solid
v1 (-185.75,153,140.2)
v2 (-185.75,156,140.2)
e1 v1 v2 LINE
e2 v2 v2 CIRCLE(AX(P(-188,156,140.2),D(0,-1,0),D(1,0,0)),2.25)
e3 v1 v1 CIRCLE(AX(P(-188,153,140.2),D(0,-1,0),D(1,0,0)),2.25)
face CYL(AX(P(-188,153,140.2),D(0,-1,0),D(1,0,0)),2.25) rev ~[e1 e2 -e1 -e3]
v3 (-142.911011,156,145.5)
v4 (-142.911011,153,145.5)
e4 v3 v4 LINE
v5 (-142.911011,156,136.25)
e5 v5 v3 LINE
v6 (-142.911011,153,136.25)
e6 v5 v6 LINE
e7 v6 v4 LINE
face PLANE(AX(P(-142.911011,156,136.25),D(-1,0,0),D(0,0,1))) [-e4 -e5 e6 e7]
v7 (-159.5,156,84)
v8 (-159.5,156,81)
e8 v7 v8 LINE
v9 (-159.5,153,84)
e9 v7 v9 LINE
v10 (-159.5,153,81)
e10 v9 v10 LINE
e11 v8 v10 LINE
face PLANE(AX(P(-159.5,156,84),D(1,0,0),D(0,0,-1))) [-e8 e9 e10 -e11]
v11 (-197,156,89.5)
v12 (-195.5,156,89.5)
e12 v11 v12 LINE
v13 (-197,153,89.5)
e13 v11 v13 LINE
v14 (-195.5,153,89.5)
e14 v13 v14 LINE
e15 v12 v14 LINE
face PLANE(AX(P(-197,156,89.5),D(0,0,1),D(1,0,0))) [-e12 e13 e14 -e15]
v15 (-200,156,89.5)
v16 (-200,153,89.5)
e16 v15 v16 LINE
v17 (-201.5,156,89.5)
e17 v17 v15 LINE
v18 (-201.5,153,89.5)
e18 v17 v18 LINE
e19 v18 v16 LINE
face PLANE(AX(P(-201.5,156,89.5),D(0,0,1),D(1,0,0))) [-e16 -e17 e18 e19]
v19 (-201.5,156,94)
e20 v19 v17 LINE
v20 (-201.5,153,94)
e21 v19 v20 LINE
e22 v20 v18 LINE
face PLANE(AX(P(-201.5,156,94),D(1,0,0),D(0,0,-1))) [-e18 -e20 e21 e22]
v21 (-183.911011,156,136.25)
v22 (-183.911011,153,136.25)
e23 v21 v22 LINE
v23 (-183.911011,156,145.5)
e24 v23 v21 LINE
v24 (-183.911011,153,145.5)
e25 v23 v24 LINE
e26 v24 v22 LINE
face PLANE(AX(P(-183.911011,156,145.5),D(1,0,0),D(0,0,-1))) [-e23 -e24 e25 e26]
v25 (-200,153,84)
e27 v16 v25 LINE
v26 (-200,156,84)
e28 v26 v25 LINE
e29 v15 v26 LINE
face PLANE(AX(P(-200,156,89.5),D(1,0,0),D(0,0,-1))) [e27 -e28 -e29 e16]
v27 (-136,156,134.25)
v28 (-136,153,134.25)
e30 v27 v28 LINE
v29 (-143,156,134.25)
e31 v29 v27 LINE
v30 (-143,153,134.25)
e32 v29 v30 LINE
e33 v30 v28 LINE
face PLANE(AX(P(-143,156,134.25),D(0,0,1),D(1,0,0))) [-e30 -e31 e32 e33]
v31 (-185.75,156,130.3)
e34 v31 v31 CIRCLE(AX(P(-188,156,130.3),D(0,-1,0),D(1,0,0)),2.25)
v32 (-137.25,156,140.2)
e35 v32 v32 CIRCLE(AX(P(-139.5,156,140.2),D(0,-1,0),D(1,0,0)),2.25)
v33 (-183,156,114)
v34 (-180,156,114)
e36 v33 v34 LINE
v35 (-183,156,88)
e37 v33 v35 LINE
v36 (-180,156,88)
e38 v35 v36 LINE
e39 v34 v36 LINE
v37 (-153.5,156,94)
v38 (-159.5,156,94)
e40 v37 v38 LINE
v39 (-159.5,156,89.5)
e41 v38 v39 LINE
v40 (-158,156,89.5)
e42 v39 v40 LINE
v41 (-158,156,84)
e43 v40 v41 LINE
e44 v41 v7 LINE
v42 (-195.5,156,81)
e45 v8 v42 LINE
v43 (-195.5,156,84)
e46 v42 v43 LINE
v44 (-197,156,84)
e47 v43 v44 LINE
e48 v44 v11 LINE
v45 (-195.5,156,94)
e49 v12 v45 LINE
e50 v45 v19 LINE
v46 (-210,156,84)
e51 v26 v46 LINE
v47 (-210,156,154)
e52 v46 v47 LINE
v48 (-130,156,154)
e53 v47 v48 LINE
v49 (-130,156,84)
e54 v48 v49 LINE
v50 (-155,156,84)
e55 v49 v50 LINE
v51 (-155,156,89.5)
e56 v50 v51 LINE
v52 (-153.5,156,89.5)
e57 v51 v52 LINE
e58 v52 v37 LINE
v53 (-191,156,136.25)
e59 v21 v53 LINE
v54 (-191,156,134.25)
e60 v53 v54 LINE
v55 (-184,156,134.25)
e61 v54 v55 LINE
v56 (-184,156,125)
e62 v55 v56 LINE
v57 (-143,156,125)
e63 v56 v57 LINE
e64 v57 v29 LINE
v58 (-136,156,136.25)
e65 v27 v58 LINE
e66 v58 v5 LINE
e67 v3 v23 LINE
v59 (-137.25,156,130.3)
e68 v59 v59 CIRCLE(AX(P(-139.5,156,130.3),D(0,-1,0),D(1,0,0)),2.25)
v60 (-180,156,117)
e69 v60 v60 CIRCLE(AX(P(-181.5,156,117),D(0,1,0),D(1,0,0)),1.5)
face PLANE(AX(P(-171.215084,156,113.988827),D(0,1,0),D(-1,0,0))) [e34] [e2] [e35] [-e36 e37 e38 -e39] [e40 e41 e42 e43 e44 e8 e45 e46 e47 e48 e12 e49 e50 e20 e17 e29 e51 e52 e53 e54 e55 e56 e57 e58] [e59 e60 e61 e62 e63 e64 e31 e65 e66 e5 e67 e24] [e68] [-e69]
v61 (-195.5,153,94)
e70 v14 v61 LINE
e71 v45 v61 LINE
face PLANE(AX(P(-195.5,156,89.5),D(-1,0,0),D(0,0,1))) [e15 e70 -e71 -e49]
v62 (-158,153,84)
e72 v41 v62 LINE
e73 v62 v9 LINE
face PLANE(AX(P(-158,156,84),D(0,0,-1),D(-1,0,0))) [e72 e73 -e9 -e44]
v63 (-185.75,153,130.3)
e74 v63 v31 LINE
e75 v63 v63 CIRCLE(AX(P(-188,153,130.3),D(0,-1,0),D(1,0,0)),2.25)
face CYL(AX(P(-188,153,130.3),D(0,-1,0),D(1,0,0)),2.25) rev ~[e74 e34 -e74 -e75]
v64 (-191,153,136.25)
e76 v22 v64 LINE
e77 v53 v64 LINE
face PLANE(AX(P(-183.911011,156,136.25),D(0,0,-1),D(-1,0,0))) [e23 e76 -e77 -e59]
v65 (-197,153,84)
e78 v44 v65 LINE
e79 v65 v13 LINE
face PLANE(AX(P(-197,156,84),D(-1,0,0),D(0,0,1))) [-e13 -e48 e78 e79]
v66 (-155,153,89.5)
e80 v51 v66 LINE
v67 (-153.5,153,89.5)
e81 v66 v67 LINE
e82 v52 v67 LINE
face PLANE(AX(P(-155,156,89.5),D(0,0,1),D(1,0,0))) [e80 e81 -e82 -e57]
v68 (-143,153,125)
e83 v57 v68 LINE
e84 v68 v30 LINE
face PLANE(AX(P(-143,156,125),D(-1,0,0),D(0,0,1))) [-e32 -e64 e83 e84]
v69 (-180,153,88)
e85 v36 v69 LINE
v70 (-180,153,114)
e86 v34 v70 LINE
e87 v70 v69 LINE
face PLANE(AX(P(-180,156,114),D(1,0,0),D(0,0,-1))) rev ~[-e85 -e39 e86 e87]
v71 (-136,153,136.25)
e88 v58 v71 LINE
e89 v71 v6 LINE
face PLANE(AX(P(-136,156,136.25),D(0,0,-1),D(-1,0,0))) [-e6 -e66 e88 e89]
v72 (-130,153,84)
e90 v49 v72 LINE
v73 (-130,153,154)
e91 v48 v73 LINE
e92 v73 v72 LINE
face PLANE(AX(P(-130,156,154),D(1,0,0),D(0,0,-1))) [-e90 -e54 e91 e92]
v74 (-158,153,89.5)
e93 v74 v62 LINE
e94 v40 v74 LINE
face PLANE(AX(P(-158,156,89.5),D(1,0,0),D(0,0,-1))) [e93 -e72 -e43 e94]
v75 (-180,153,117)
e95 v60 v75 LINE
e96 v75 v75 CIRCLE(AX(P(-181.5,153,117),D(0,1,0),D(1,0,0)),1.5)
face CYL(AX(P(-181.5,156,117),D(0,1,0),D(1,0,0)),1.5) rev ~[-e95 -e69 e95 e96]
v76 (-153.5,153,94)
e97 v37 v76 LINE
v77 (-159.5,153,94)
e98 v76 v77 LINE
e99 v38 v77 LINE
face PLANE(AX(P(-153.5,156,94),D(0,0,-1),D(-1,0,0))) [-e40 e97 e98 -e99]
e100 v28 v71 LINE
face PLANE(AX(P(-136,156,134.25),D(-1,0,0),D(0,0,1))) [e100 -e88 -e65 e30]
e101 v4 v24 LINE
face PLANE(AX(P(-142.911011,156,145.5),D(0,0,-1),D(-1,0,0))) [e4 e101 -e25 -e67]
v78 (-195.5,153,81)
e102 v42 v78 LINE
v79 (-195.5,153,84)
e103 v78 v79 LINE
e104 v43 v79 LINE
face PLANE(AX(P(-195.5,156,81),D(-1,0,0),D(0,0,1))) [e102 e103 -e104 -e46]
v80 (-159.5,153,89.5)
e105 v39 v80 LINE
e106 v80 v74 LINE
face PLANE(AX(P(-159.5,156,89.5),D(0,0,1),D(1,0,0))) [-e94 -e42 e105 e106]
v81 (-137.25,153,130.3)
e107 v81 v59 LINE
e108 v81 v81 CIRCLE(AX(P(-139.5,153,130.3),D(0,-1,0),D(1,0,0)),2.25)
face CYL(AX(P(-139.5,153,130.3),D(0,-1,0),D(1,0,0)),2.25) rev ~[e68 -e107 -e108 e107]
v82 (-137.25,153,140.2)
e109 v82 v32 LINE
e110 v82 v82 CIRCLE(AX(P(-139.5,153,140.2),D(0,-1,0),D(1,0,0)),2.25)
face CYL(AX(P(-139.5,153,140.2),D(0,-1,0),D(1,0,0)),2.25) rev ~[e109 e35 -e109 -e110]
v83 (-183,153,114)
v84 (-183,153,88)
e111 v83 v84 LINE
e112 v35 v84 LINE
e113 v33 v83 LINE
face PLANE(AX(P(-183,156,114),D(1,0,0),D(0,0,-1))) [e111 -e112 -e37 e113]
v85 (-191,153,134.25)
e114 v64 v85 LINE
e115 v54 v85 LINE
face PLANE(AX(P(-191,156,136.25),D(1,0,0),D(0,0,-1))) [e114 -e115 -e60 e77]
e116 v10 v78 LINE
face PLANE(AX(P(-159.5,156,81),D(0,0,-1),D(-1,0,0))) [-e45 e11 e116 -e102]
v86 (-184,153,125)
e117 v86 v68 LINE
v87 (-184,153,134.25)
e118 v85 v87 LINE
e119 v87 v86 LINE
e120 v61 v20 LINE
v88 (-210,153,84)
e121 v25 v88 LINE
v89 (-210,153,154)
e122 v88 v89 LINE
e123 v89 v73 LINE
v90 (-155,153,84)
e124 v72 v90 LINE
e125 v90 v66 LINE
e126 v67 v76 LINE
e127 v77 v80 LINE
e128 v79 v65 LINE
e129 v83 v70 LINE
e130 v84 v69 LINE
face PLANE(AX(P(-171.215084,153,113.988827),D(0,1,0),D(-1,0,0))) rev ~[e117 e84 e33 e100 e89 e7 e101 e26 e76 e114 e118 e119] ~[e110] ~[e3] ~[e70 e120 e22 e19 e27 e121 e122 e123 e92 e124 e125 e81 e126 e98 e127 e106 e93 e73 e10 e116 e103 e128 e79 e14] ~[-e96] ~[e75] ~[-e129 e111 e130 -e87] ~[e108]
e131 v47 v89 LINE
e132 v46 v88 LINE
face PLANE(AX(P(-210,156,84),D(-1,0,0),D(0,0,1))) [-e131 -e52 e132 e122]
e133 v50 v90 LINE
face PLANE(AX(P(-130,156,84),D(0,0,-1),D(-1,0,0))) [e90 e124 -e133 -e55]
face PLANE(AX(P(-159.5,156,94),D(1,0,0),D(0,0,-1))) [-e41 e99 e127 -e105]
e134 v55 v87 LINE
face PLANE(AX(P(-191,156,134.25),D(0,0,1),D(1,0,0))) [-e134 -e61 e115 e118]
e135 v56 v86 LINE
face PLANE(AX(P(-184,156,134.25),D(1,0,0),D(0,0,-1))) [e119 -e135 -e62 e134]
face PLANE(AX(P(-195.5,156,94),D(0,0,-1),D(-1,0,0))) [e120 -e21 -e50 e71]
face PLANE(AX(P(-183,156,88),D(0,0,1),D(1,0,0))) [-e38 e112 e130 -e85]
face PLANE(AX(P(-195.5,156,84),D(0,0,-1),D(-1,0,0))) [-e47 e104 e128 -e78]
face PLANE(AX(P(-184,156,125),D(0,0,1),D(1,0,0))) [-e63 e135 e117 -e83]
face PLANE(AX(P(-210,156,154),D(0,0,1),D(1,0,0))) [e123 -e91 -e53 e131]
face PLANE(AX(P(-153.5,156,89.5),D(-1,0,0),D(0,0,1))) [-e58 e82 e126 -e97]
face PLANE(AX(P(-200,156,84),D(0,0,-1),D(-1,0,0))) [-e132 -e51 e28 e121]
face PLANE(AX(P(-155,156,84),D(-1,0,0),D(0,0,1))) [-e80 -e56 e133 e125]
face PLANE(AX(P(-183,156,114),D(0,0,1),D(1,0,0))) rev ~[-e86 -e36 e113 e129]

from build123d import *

# Parameters (mm, degrees)
PAD002_DEPTH    = 3
SKETCH008_R     = 1.5
SKETCH008_W     = 3
SKETCH008_H     = 26
POCKET001_DEPTH = 3.001
POCKET002_DEPTH = 3.001
SKETCH011_R     = 2.25
HOLE003_DEPTH   = 3.001


with BuildPart() as part:
    # Sketch005 → Pad002 (new body)
    with BuildSketch(Plane.XZ):
        Polygon((-30, 0), (-30, 70), (50, 70), (50, 0), (25, 0), (25, 5.5), (26.5, 5.5), (26.5, 10), (20.5, 10), (20.5, 5.5), (22, 5.5), (22, 0), (20.5, 0), (20.5, -3), (-15.5, -3), (-15.5, 0), (-17, 0), (-17, 5.5), (-15.5, 5.5), (-15.5, 10), (-21.5, 10), (-21.5, 5.5), (-20, 5.5), (-20, 0), align=None)
    extrude(amount=PAD002_DEPTH)

    # Sketch008 (on Face25 of Pad002) → Pocket001 (cut, through all)
    with BuildSketch(Plane(origin=(0, 0, 0), x_dir=(1, 0, 0), z_dir=(0, 1, 0))):
        with Locations((-1.5, -33)):
            Circle(SKETCH008_R)
        with Locations((-1.5, -17)):
            Rectangle(SKETCH008_W, SKETCH008_H)
    extrude(amount=-POCKET001_DEPTH, mode=Mode.SUBTRACT)

    # Sketch009 (on Face4 of Pocket001) → Pocket002 (cut, through all)
    with BuildSketch(Plane(origin=(0, 0, 0), x_dir=(1, 0, 0), z_dir=(0, 1, 0))):
        Polygon((-4, -41), (37, -41), (37, -50.25), (44, -50.25), (44, -52.25), (37.088989, -52.25), (37.088989, -61.5), (-3.911011, -61.5), (-3.911011, -52.25), (-11, -52.25), (-11, -50.25), (-4, -50.25), align=None)
    extrude(amount=-POCKET002_DEPTH, mode=Mode.SUBTRACT)

    # Sketch011 (on Face5 of Pocket002) → Hole003 (cut, through all)
    with BuildSketch(Plane.XZ.offset(3)):
        with Locations((-8, 56.2)):
            Circle(SKETCH011_R)
        with Locations((-8, 46.3)):
            Circle(SKETCH011_R)
        with Locations((40.5, 56.2)):
            Circle(SKETCH011_R)
        with Locations((40.5, 46.3)):
            Circle(SKETCH011_R)
    extrude(amount=-HOLE003_DEPTH, mode=Mode.SUBTRACT)


with BuildPart() as part_1:
    # Body002 placement: moved
    add(part.part.moved(Location((-180, 156, 84))))


solid = part_1.part
